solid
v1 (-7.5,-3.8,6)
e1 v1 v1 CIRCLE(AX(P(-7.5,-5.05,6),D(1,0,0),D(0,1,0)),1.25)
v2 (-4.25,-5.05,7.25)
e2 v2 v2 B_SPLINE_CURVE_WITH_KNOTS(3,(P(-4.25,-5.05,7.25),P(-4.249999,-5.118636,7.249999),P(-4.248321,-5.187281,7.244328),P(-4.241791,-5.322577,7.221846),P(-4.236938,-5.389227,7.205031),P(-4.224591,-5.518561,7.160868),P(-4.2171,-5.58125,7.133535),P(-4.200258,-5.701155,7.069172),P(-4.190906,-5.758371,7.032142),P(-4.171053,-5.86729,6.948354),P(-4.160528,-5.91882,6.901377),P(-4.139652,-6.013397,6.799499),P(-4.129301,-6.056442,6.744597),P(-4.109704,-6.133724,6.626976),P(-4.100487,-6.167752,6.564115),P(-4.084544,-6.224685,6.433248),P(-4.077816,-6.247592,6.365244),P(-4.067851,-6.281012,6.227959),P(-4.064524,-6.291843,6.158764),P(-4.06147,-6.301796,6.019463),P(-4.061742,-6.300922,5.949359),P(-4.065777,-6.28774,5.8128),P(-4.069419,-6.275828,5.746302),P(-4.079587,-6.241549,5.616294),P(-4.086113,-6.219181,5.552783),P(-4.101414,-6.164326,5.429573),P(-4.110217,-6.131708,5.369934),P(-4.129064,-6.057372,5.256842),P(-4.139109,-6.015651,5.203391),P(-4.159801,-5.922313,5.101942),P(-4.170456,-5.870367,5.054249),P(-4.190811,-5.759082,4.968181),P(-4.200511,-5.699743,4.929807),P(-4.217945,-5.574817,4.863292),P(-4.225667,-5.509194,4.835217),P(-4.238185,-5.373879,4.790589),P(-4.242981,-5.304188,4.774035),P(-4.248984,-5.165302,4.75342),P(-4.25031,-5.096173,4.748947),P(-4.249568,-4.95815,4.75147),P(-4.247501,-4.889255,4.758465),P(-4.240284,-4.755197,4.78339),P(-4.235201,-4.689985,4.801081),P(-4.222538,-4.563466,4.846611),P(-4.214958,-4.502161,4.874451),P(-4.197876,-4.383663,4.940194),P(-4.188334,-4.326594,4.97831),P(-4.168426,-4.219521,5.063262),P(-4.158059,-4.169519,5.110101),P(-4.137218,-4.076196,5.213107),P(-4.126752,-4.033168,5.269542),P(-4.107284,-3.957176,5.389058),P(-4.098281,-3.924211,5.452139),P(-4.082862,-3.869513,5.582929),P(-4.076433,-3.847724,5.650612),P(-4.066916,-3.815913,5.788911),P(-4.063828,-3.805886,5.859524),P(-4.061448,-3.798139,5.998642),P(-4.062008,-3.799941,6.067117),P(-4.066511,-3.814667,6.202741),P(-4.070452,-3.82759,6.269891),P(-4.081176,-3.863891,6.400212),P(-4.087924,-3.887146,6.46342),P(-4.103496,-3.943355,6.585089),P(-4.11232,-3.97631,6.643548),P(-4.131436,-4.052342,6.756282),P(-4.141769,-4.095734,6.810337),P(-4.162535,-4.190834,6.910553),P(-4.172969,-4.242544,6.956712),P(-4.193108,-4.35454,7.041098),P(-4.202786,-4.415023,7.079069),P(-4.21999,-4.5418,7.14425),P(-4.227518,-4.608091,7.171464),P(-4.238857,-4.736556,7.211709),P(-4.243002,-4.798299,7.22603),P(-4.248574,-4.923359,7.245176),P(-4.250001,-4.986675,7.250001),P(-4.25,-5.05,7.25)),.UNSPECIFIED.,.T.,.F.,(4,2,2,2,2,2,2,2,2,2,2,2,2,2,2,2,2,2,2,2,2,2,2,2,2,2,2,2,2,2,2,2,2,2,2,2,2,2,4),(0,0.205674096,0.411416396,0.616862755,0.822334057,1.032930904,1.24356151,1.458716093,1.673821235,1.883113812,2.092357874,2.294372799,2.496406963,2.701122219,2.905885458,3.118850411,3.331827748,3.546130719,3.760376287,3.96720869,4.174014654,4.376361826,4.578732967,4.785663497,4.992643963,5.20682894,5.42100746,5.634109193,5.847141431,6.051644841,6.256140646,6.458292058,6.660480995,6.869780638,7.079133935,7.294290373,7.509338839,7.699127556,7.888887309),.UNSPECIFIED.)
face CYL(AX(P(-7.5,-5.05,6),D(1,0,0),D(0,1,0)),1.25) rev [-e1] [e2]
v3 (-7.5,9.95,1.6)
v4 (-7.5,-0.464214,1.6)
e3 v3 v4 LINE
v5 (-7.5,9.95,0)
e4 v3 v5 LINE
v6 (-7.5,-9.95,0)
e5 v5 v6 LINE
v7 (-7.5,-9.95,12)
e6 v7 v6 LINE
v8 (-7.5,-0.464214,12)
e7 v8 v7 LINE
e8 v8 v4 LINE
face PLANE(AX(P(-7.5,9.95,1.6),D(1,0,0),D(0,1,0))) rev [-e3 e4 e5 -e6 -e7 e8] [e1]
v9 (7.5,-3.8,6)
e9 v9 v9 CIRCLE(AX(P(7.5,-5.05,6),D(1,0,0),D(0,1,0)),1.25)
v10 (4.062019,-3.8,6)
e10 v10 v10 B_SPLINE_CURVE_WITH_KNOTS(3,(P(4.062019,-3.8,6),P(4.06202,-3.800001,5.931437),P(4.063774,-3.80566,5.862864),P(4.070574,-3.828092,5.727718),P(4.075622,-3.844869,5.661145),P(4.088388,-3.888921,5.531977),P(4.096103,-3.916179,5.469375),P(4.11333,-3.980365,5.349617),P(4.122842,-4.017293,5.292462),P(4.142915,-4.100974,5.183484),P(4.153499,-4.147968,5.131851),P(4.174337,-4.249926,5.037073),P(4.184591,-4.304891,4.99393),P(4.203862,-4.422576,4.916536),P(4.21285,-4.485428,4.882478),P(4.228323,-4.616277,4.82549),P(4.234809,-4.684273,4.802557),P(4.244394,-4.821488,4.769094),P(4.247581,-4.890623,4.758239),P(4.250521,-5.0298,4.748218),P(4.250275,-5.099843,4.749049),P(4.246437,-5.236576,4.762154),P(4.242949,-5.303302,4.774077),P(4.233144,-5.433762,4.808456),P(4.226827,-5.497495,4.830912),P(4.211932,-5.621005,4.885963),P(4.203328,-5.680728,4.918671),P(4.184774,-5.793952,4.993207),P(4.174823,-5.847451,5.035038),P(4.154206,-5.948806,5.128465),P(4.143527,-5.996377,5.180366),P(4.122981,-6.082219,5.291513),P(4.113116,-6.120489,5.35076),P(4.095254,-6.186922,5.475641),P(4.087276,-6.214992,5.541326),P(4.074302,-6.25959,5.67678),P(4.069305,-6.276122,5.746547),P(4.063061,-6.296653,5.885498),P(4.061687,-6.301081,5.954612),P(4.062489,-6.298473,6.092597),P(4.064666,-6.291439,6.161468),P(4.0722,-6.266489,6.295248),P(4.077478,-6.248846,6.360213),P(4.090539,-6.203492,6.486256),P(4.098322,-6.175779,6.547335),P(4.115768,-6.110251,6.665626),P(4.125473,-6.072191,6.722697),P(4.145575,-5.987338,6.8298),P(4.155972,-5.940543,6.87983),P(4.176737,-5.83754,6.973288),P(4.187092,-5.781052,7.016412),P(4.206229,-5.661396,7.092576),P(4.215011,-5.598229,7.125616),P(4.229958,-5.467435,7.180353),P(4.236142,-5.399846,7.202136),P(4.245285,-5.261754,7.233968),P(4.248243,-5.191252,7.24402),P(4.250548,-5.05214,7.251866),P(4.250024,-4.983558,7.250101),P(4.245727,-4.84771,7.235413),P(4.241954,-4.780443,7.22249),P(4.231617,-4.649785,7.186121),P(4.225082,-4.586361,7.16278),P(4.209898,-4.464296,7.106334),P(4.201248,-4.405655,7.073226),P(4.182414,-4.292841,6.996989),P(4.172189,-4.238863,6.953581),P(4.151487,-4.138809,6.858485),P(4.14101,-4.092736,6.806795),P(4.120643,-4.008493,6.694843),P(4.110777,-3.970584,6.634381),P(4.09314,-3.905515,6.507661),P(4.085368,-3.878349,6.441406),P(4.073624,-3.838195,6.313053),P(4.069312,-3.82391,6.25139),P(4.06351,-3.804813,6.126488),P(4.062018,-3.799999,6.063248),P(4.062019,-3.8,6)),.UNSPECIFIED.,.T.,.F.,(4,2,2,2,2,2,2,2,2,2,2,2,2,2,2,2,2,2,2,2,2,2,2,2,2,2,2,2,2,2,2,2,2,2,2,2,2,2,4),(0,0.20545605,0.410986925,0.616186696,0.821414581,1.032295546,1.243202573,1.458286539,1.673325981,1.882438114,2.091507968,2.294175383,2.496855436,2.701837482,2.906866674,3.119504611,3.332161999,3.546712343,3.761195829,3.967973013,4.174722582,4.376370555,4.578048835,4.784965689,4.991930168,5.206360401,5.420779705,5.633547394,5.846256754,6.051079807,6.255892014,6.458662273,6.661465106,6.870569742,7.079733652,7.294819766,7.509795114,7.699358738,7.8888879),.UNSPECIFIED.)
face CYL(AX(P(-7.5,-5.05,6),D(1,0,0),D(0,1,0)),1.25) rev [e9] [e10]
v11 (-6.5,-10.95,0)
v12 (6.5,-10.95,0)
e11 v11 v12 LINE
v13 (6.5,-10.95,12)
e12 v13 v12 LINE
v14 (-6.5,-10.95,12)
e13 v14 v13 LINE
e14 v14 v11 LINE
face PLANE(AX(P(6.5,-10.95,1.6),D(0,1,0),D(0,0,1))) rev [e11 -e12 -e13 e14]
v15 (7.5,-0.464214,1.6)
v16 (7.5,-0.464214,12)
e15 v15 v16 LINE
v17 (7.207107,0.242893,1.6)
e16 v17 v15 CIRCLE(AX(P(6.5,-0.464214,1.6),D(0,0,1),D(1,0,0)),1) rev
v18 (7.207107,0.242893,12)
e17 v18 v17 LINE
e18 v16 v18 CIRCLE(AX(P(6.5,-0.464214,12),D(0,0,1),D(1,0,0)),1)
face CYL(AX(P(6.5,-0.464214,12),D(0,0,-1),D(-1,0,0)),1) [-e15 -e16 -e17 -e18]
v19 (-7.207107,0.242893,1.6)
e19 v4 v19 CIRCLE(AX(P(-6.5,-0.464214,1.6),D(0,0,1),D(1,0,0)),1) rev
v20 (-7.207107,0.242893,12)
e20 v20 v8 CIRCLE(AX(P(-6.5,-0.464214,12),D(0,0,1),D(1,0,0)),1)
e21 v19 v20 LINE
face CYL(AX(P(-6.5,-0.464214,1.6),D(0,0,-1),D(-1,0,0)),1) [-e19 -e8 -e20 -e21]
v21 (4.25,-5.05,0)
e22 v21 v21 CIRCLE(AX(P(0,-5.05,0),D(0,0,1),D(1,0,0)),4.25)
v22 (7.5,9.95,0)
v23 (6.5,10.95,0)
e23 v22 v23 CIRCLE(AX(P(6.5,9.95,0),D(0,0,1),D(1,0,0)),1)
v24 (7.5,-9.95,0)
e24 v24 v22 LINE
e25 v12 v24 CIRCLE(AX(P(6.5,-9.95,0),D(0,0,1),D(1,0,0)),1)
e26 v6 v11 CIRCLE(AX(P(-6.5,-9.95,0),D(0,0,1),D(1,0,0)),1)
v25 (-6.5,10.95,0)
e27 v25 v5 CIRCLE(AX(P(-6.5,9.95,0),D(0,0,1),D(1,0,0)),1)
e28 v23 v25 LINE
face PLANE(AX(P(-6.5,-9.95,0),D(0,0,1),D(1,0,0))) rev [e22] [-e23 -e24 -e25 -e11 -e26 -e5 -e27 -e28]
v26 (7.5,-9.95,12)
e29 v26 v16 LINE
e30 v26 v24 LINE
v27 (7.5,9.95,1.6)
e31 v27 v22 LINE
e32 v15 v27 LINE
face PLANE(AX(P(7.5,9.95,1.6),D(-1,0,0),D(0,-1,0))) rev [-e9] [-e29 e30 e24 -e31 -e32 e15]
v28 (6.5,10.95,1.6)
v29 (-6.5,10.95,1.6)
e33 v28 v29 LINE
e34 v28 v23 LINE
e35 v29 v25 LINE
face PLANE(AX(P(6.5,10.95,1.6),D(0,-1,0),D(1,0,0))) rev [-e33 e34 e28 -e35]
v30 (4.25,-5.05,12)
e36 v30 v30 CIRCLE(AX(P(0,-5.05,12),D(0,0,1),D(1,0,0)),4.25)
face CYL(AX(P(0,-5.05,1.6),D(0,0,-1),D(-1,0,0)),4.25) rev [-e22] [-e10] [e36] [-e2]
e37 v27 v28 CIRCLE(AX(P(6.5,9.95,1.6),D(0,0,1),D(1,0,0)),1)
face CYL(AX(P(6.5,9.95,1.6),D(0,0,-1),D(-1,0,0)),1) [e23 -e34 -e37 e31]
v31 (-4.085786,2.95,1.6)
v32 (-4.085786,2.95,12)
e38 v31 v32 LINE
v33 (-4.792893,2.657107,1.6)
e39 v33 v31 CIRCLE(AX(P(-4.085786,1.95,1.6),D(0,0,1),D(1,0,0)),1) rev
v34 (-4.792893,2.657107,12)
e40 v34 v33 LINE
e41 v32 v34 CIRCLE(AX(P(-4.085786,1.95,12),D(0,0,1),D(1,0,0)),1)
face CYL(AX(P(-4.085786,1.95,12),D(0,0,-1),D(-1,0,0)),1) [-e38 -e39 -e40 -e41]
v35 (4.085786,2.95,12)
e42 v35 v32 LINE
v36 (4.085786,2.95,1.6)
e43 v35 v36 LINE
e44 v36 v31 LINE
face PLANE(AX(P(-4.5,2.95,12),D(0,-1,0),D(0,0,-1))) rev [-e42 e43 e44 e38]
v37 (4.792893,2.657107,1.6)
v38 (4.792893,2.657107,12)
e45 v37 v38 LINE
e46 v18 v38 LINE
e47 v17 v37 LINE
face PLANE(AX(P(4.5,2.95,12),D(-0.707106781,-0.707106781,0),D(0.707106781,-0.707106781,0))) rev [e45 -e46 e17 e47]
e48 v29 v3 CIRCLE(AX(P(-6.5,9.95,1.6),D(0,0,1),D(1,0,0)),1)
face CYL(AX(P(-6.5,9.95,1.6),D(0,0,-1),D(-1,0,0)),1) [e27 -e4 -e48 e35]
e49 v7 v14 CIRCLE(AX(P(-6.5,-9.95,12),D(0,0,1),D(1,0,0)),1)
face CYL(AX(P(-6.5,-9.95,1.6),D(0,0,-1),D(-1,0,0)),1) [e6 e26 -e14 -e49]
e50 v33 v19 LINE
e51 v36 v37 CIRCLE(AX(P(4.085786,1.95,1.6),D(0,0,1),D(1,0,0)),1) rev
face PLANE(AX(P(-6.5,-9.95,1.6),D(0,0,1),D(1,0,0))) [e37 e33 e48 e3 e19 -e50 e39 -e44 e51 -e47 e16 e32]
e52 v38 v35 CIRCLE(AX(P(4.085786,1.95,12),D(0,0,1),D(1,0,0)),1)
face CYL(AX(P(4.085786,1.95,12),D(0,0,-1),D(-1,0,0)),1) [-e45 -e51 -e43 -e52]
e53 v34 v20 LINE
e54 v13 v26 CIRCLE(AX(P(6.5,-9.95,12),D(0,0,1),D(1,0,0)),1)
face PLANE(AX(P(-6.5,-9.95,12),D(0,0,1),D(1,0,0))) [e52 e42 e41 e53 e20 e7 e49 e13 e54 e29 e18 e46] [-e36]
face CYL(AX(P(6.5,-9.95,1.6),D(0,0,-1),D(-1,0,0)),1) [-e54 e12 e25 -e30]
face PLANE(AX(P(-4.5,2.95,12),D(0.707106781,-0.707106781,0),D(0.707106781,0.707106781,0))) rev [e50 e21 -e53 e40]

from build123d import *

# Parameters (mm, degrees)
SKETCH1_R           = 4.25
BOSS_EXTRUDE1_DEPTH = 1.6
SKETCH2_R           = 4.25
BOSS_EXTRUDE2_DEPTH = 10.4
FILLET1_R           = 1
SKETCH3_R           = 1.25
CUT_EXTRUDE1_DEPTH  = 23.111139726


with BuildPart() as part:
    # Sketch1 → Boss-Extrude1 (new body)
    with BuildSketch(Plane.XY):
        with BuildLine():
            Line((6.5, 10.95), (-6.5, 10.95))
            ThreePointArc((-6.5, 10.95), (-7.207106781, 10.657106781), (-7.5, 9.95))
            Line((-7.5, 9.95), (-7.5, -9.95))
            ThreePointArc((-7.5, -9.95), (-7.207106781, -10.657106781), (-6.5, -10.95))
            Line((-6.5, -10.95), (6.5, -10.95))
            ThreePointArc((6.5, -10.95), (7.207106781, -10.657106781), (7.5, -9.95))
            Line((7.5, -9.95), (7.5, 9.95))
            ThreePointArc((7.5, 9.95), (7.207106781, 10.657106781), (6.5, 10.95))
        make_face()
        with Locations((0, -5.05)):
            Circle(SKETCH1_R, mode=Mode.SUBTRACT)
    extrude(amount=BOSS_EXTRUDE1_DEPTH)

    # Sketch2 → Boss-Extrude2 (add)
    with BuildSketch(Plane.XY.offset(1.6)):
        with BuildLine():
            Line((-4.5, 2.95), (4.5, 2.95))
            Line((4.5, 2.95), (7.5, -0.05))
            Line((7.5, -0.05), (7.5, -9.95))
            ThreePointArc((7.5, -9.95), (7.207106781, -10.657106781), (6.5, -10.95))
            Line((6.5, -10.95), (-6.5, -10.95))
            ThreePointArc((-6.5, -10.95), (-7.207106781, -10.657106781), (-7.5, -9.95))
            Line((-7.5, -9.95), (-7.5, -0.05))
            Line((-7.5, -0.05), (-4.5, 2.95))
        make_face()
        with Locations((0, -5.05)):
            Circle(SKETCH2_R, mode=Mode.SUBTRACT)
    extrude(amount=BOSS_EXTRUDE2_DEPTH)

    # Fillet1
    fillet1_edges = [part.edges().sort_by_distance(p)[0] for p in [
        (-7.5, -0.05, 6.8),
        (7.5, -0.05, 6.8),
        (4.5, 2.95, 6.8),
        (-4.5, 2.95, 6.8),
    ]]
    fillet(fillet1_edges, radius=FILLET1_R)

    # Sketch3 → Cut-Extrude1 (cut, through all)
    with BuildSketch(Plane(origin=(7.5, 0, 0), x_dir=(0, 0, -1), z_dir=(1, 0, 0))):
        with Locations(Location((-6, -5.05, 0), (0, 0, 90))):
            Circle(SKETCH3_R)
    extrude(amount=-CUT_EXTRUDE1_DEPTH, mode=Mode.SUBTRACT)


solid = part.part
